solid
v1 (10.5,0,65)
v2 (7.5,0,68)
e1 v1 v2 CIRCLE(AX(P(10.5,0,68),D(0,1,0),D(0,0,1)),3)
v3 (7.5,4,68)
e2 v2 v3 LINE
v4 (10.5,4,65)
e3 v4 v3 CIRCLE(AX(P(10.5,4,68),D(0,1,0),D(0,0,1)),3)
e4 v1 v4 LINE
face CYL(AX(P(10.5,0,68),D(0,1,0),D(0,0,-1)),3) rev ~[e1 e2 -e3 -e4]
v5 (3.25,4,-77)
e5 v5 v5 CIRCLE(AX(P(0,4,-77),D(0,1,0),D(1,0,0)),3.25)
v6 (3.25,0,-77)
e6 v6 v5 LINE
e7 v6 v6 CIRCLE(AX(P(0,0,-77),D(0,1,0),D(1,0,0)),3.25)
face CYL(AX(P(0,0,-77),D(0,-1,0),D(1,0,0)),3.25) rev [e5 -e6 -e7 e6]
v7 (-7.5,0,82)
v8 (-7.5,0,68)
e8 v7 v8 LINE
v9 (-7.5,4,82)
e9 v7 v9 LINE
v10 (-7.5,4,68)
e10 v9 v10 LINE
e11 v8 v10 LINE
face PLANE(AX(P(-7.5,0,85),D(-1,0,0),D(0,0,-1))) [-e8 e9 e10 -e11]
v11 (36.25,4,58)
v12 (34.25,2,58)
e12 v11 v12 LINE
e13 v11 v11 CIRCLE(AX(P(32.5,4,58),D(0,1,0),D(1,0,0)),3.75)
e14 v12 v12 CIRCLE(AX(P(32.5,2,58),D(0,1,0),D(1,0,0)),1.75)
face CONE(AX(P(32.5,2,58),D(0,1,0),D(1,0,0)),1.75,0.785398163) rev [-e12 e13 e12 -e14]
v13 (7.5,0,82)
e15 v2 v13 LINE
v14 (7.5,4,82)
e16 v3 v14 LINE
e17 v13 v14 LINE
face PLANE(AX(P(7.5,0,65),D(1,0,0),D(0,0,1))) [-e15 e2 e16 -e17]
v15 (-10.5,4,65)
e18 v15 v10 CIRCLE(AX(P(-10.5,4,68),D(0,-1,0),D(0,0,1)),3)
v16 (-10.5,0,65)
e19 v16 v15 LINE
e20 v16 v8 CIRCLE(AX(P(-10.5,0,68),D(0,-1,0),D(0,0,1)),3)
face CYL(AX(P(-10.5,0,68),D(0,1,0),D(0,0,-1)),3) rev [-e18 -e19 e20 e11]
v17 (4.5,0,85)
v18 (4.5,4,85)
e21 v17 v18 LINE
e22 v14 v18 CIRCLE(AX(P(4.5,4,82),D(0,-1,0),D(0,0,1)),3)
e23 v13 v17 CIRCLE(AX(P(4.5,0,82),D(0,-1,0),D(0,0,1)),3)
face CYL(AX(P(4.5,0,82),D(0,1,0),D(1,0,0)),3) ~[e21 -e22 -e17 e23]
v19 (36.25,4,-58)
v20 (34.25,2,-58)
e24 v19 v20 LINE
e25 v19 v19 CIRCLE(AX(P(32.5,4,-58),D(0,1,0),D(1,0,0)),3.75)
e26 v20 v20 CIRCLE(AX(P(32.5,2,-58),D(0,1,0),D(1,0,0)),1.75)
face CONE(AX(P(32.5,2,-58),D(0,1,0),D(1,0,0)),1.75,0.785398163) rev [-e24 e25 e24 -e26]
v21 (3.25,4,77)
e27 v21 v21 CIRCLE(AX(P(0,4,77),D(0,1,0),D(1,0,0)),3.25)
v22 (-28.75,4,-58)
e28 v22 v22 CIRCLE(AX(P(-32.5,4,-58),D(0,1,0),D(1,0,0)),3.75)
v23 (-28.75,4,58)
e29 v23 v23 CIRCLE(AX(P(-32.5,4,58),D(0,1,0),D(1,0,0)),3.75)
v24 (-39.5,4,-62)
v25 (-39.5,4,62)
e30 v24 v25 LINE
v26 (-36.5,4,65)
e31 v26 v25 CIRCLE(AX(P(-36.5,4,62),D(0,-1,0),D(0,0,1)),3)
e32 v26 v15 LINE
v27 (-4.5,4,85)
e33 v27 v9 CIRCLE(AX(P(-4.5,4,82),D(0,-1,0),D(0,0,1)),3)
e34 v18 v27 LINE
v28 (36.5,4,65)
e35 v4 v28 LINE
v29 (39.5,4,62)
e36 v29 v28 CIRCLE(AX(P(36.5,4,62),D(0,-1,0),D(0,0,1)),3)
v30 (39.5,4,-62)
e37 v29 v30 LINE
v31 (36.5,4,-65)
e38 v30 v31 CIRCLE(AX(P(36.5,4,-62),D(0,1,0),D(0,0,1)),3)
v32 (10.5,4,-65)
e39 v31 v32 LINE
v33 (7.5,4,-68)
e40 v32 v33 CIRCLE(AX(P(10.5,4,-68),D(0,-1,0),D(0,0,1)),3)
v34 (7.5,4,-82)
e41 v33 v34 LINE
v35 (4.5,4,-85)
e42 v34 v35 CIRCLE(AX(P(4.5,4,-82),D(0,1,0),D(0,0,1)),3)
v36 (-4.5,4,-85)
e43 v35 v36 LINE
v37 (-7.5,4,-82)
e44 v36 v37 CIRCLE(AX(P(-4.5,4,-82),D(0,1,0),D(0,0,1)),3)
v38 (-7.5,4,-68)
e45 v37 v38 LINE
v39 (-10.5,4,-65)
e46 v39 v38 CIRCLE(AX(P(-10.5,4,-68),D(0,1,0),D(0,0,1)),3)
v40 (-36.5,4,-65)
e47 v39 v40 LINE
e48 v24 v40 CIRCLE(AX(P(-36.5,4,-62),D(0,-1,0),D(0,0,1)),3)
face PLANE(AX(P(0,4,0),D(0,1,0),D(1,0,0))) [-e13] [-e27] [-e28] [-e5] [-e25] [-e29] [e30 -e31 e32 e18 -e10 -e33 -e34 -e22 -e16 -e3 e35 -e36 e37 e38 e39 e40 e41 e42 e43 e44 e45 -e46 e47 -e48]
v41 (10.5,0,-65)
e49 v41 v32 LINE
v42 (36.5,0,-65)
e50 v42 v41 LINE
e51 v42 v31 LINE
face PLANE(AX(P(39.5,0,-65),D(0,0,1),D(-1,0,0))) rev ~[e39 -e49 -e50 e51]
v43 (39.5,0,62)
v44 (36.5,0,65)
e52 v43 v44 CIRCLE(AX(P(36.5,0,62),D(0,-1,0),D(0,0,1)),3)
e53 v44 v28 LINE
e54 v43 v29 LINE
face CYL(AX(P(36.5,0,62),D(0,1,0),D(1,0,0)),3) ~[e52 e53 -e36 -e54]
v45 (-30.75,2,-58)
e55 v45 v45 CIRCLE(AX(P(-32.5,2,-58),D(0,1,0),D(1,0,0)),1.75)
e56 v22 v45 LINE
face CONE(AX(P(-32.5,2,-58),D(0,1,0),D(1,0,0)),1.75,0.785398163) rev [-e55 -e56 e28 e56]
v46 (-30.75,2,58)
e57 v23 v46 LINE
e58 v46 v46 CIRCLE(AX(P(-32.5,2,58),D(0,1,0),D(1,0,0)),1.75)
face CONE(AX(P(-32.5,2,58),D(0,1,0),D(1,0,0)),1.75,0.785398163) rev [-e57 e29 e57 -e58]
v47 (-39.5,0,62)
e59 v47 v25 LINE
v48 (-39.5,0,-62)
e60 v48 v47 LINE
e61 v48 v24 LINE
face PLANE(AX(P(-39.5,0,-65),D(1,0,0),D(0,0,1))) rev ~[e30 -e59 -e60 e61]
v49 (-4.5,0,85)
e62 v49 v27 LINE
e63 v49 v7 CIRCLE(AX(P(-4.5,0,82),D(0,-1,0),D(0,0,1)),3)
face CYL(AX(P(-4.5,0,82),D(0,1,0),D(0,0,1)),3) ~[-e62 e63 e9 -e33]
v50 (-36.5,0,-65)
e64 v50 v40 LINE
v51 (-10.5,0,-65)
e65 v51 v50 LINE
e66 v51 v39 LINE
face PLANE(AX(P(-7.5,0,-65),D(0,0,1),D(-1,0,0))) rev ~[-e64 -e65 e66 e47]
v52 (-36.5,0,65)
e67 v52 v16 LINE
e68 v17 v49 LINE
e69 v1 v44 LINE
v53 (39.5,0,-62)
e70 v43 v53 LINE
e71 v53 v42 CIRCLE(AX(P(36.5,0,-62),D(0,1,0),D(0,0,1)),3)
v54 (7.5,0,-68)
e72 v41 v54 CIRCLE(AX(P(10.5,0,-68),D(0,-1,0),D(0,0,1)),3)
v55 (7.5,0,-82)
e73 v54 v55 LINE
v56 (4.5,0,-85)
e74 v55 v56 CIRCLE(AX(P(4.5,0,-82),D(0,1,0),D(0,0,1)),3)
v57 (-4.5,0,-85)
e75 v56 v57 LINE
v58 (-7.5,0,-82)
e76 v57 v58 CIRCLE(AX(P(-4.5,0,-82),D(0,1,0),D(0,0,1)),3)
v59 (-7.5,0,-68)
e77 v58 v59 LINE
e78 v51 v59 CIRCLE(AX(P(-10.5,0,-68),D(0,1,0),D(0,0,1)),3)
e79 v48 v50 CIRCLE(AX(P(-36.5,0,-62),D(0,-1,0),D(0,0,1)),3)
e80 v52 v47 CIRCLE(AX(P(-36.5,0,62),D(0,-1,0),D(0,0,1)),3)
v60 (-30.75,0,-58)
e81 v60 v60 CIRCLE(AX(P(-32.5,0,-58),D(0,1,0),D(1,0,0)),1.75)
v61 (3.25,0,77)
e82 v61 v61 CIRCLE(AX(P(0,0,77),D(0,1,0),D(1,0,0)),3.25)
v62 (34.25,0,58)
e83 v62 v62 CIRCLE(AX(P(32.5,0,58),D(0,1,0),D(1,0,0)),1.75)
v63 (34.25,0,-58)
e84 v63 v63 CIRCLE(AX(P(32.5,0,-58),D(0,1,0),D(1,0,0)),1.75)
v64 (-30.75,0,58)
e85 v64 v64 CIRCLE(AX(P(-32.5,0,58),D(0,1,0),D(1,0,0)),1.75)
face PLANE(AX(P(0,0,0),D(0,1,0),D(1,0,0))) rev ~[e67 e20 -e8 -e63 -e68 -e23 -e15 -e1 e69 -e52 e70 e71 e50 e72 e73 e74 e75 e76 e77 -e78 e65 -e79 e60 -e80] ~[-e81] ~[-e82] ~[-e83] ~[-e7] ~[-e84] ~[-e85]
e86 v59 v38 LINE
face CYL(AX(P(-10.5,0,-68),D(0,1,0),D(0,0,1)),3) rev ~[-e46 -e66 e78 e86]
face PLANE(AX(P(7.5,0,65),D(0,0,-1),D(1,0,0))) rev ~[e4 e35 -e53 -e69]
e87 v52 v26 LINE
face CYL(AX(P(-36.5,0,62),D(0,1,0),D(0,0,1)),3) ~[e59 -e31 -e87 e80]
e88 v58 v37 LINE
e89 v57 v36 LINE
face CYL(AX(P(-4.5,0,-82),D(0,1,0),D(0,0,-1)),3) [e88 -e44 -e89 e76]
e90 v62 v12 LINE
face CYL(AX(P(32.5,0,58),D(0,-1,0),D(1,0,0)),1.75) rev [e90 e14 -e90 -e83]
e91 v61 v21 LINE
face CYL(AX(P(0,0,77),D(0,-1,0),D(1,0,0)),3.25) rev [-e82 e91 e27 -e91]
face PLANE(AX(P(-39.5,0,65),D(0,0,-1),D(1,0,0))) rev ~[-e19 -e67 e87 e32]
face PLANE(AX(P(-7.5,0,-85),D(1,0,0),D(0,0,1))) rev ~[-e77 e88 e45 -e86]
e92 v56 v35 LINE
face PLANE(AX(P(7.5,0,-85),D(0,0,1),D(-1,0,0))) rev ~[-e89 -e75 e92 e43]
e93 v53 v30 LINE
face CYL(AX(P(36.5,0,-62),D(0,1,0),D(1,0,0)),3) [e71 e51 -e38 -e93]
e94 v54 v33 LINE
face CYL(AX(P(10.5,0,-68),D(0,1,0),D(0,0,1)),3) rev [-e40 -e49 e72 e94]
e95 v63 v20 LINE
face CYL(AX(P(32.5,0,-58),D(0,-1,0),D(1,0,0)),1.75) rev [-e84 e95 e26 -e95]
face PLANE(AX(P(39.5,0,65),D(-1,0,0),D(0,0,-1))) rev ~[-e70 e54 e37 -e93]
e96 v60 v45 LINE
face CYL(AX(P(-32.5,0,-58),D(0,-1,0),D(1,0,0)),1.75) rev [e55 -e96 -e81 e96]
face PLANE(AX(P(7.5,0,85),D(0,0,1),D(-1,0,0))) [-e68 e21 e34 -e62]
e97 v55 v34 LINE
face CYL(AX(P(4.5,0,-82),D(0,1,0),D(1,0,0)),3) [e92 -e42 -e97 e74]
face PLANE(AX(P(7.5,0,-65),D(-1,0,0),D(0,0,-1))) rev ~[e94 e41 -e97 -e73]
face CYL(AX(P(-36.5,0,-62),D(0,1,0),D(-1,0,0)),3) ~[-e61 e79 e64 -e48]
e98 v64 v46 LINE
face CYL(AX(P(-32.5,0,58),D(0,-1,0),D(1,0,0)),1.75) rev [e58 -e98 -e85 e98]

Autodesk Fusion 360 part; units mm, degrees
sketch "Sketch1" plane through (0, 0, 0) normal (0, 1, 0) x (1, 0, 0)
  line L0 (32.5, 58) -> (-32.5, 58) construction
  line L1 (-32.5, 58) -> (-32.5, -58) construction
  line L2 (-32.5, -58) -> (32.5, -58) construction
  line L3 (32.5, -58) -> (32.5, 58) construction
  line L4 (32.5, 58) -> (-32.5, -58) construction
  line L5 (-32.5, 58) -> (32.5, -58) construction
  circle A0 centre (32.5, 58) radius 1.75
  line L6 (0, 0) -> (0, 14) construction
  line L7 (0, 0) -> (-15, 0) construction
  circle A1 centre (-32.5, 58) radius 1.75
  circle A2 centre (32.5, -58) radius 1.75
  circle A3 centre (-32.5, -58) radius 1.75
  line L8 (39.5, 65) -> (-39.5, 65)
  line L9 (-39.5, 65) -> (-39.5, -65)
  line L10 (-39.5, -65) -> (39.5, -65)
  line L11 (39.5, -65) -> (39.5, 65)
  line L12 (39.5, 65) -> (-39.5, -65) construction
  line L13 (-39.5, 65) -> (39.5, -65) construction
  line L14 (7.5, 85) -> (-7.5, 85)
  line L15 (-7.5, 85) -> (-7.5, 65)
  line L16 (-7.5, 65) -> (7.5, 65)
  line L17 (7.5, 65) -> (7.5, 85)
  line L18 (7.5, 85) -> (-7.5, 65) construction
  line L19 (-7.5, 85) -> (7.5, 65) construction
  circle A4 centre (0, 77) radius 3.25
  line L20 (-7.5, -85) -> (-7.5, -65)
  line L21 (7.5, -85) -> (-7.5, -85)
  line L22 (-7.5, -85) -> (7.5, -65) construction
  circle A5 centre (0, -77) radius 3.25
  line L23 (-7.5, -65) -> (7.5, -65)
  line L24 (7.5, -65) -> (7.5, -85)
  line L25 (7.5, -85) -> (-7.5, -65) construction
  point P0 (0, 75)
  point P1 (0, -75)
  dimension "d1" = 116
  dimension "d2" = 65
  dimension "d3" = 3.5
  dimension "d4" = 7
  dimension "d5" = 7
  dimension "d6" = 20
  dimension "d7" = 15
  dimension "d8" = 6.5
  dimension "d9" = 12
extrude "Extrude1" add sketch "Sketch1" along normal blind 4
fillet "Fillet1" radius 3 12 edges at (-39.5, 2, 65) (-7.5, 2, 85) (7.5, 2, 85) (7.5, 2, 65) (39.5, 2, 65) (39.5, 2, -65) (7.5, 2, -65) (7.5, 2, -85) (-7.5, 2, -85) (-39.5, 2, -65) (-7.5, 2, -65) (-7.5, 2, 65)
chamfer "Chamfer2" distance 2 angle 45 4 edges at (-34.1316, 4, 57.3672) (30.8684, 4, 57.3672) (30.8684, 4, -58.6328) (-34.1316, 4, -58.6328)
